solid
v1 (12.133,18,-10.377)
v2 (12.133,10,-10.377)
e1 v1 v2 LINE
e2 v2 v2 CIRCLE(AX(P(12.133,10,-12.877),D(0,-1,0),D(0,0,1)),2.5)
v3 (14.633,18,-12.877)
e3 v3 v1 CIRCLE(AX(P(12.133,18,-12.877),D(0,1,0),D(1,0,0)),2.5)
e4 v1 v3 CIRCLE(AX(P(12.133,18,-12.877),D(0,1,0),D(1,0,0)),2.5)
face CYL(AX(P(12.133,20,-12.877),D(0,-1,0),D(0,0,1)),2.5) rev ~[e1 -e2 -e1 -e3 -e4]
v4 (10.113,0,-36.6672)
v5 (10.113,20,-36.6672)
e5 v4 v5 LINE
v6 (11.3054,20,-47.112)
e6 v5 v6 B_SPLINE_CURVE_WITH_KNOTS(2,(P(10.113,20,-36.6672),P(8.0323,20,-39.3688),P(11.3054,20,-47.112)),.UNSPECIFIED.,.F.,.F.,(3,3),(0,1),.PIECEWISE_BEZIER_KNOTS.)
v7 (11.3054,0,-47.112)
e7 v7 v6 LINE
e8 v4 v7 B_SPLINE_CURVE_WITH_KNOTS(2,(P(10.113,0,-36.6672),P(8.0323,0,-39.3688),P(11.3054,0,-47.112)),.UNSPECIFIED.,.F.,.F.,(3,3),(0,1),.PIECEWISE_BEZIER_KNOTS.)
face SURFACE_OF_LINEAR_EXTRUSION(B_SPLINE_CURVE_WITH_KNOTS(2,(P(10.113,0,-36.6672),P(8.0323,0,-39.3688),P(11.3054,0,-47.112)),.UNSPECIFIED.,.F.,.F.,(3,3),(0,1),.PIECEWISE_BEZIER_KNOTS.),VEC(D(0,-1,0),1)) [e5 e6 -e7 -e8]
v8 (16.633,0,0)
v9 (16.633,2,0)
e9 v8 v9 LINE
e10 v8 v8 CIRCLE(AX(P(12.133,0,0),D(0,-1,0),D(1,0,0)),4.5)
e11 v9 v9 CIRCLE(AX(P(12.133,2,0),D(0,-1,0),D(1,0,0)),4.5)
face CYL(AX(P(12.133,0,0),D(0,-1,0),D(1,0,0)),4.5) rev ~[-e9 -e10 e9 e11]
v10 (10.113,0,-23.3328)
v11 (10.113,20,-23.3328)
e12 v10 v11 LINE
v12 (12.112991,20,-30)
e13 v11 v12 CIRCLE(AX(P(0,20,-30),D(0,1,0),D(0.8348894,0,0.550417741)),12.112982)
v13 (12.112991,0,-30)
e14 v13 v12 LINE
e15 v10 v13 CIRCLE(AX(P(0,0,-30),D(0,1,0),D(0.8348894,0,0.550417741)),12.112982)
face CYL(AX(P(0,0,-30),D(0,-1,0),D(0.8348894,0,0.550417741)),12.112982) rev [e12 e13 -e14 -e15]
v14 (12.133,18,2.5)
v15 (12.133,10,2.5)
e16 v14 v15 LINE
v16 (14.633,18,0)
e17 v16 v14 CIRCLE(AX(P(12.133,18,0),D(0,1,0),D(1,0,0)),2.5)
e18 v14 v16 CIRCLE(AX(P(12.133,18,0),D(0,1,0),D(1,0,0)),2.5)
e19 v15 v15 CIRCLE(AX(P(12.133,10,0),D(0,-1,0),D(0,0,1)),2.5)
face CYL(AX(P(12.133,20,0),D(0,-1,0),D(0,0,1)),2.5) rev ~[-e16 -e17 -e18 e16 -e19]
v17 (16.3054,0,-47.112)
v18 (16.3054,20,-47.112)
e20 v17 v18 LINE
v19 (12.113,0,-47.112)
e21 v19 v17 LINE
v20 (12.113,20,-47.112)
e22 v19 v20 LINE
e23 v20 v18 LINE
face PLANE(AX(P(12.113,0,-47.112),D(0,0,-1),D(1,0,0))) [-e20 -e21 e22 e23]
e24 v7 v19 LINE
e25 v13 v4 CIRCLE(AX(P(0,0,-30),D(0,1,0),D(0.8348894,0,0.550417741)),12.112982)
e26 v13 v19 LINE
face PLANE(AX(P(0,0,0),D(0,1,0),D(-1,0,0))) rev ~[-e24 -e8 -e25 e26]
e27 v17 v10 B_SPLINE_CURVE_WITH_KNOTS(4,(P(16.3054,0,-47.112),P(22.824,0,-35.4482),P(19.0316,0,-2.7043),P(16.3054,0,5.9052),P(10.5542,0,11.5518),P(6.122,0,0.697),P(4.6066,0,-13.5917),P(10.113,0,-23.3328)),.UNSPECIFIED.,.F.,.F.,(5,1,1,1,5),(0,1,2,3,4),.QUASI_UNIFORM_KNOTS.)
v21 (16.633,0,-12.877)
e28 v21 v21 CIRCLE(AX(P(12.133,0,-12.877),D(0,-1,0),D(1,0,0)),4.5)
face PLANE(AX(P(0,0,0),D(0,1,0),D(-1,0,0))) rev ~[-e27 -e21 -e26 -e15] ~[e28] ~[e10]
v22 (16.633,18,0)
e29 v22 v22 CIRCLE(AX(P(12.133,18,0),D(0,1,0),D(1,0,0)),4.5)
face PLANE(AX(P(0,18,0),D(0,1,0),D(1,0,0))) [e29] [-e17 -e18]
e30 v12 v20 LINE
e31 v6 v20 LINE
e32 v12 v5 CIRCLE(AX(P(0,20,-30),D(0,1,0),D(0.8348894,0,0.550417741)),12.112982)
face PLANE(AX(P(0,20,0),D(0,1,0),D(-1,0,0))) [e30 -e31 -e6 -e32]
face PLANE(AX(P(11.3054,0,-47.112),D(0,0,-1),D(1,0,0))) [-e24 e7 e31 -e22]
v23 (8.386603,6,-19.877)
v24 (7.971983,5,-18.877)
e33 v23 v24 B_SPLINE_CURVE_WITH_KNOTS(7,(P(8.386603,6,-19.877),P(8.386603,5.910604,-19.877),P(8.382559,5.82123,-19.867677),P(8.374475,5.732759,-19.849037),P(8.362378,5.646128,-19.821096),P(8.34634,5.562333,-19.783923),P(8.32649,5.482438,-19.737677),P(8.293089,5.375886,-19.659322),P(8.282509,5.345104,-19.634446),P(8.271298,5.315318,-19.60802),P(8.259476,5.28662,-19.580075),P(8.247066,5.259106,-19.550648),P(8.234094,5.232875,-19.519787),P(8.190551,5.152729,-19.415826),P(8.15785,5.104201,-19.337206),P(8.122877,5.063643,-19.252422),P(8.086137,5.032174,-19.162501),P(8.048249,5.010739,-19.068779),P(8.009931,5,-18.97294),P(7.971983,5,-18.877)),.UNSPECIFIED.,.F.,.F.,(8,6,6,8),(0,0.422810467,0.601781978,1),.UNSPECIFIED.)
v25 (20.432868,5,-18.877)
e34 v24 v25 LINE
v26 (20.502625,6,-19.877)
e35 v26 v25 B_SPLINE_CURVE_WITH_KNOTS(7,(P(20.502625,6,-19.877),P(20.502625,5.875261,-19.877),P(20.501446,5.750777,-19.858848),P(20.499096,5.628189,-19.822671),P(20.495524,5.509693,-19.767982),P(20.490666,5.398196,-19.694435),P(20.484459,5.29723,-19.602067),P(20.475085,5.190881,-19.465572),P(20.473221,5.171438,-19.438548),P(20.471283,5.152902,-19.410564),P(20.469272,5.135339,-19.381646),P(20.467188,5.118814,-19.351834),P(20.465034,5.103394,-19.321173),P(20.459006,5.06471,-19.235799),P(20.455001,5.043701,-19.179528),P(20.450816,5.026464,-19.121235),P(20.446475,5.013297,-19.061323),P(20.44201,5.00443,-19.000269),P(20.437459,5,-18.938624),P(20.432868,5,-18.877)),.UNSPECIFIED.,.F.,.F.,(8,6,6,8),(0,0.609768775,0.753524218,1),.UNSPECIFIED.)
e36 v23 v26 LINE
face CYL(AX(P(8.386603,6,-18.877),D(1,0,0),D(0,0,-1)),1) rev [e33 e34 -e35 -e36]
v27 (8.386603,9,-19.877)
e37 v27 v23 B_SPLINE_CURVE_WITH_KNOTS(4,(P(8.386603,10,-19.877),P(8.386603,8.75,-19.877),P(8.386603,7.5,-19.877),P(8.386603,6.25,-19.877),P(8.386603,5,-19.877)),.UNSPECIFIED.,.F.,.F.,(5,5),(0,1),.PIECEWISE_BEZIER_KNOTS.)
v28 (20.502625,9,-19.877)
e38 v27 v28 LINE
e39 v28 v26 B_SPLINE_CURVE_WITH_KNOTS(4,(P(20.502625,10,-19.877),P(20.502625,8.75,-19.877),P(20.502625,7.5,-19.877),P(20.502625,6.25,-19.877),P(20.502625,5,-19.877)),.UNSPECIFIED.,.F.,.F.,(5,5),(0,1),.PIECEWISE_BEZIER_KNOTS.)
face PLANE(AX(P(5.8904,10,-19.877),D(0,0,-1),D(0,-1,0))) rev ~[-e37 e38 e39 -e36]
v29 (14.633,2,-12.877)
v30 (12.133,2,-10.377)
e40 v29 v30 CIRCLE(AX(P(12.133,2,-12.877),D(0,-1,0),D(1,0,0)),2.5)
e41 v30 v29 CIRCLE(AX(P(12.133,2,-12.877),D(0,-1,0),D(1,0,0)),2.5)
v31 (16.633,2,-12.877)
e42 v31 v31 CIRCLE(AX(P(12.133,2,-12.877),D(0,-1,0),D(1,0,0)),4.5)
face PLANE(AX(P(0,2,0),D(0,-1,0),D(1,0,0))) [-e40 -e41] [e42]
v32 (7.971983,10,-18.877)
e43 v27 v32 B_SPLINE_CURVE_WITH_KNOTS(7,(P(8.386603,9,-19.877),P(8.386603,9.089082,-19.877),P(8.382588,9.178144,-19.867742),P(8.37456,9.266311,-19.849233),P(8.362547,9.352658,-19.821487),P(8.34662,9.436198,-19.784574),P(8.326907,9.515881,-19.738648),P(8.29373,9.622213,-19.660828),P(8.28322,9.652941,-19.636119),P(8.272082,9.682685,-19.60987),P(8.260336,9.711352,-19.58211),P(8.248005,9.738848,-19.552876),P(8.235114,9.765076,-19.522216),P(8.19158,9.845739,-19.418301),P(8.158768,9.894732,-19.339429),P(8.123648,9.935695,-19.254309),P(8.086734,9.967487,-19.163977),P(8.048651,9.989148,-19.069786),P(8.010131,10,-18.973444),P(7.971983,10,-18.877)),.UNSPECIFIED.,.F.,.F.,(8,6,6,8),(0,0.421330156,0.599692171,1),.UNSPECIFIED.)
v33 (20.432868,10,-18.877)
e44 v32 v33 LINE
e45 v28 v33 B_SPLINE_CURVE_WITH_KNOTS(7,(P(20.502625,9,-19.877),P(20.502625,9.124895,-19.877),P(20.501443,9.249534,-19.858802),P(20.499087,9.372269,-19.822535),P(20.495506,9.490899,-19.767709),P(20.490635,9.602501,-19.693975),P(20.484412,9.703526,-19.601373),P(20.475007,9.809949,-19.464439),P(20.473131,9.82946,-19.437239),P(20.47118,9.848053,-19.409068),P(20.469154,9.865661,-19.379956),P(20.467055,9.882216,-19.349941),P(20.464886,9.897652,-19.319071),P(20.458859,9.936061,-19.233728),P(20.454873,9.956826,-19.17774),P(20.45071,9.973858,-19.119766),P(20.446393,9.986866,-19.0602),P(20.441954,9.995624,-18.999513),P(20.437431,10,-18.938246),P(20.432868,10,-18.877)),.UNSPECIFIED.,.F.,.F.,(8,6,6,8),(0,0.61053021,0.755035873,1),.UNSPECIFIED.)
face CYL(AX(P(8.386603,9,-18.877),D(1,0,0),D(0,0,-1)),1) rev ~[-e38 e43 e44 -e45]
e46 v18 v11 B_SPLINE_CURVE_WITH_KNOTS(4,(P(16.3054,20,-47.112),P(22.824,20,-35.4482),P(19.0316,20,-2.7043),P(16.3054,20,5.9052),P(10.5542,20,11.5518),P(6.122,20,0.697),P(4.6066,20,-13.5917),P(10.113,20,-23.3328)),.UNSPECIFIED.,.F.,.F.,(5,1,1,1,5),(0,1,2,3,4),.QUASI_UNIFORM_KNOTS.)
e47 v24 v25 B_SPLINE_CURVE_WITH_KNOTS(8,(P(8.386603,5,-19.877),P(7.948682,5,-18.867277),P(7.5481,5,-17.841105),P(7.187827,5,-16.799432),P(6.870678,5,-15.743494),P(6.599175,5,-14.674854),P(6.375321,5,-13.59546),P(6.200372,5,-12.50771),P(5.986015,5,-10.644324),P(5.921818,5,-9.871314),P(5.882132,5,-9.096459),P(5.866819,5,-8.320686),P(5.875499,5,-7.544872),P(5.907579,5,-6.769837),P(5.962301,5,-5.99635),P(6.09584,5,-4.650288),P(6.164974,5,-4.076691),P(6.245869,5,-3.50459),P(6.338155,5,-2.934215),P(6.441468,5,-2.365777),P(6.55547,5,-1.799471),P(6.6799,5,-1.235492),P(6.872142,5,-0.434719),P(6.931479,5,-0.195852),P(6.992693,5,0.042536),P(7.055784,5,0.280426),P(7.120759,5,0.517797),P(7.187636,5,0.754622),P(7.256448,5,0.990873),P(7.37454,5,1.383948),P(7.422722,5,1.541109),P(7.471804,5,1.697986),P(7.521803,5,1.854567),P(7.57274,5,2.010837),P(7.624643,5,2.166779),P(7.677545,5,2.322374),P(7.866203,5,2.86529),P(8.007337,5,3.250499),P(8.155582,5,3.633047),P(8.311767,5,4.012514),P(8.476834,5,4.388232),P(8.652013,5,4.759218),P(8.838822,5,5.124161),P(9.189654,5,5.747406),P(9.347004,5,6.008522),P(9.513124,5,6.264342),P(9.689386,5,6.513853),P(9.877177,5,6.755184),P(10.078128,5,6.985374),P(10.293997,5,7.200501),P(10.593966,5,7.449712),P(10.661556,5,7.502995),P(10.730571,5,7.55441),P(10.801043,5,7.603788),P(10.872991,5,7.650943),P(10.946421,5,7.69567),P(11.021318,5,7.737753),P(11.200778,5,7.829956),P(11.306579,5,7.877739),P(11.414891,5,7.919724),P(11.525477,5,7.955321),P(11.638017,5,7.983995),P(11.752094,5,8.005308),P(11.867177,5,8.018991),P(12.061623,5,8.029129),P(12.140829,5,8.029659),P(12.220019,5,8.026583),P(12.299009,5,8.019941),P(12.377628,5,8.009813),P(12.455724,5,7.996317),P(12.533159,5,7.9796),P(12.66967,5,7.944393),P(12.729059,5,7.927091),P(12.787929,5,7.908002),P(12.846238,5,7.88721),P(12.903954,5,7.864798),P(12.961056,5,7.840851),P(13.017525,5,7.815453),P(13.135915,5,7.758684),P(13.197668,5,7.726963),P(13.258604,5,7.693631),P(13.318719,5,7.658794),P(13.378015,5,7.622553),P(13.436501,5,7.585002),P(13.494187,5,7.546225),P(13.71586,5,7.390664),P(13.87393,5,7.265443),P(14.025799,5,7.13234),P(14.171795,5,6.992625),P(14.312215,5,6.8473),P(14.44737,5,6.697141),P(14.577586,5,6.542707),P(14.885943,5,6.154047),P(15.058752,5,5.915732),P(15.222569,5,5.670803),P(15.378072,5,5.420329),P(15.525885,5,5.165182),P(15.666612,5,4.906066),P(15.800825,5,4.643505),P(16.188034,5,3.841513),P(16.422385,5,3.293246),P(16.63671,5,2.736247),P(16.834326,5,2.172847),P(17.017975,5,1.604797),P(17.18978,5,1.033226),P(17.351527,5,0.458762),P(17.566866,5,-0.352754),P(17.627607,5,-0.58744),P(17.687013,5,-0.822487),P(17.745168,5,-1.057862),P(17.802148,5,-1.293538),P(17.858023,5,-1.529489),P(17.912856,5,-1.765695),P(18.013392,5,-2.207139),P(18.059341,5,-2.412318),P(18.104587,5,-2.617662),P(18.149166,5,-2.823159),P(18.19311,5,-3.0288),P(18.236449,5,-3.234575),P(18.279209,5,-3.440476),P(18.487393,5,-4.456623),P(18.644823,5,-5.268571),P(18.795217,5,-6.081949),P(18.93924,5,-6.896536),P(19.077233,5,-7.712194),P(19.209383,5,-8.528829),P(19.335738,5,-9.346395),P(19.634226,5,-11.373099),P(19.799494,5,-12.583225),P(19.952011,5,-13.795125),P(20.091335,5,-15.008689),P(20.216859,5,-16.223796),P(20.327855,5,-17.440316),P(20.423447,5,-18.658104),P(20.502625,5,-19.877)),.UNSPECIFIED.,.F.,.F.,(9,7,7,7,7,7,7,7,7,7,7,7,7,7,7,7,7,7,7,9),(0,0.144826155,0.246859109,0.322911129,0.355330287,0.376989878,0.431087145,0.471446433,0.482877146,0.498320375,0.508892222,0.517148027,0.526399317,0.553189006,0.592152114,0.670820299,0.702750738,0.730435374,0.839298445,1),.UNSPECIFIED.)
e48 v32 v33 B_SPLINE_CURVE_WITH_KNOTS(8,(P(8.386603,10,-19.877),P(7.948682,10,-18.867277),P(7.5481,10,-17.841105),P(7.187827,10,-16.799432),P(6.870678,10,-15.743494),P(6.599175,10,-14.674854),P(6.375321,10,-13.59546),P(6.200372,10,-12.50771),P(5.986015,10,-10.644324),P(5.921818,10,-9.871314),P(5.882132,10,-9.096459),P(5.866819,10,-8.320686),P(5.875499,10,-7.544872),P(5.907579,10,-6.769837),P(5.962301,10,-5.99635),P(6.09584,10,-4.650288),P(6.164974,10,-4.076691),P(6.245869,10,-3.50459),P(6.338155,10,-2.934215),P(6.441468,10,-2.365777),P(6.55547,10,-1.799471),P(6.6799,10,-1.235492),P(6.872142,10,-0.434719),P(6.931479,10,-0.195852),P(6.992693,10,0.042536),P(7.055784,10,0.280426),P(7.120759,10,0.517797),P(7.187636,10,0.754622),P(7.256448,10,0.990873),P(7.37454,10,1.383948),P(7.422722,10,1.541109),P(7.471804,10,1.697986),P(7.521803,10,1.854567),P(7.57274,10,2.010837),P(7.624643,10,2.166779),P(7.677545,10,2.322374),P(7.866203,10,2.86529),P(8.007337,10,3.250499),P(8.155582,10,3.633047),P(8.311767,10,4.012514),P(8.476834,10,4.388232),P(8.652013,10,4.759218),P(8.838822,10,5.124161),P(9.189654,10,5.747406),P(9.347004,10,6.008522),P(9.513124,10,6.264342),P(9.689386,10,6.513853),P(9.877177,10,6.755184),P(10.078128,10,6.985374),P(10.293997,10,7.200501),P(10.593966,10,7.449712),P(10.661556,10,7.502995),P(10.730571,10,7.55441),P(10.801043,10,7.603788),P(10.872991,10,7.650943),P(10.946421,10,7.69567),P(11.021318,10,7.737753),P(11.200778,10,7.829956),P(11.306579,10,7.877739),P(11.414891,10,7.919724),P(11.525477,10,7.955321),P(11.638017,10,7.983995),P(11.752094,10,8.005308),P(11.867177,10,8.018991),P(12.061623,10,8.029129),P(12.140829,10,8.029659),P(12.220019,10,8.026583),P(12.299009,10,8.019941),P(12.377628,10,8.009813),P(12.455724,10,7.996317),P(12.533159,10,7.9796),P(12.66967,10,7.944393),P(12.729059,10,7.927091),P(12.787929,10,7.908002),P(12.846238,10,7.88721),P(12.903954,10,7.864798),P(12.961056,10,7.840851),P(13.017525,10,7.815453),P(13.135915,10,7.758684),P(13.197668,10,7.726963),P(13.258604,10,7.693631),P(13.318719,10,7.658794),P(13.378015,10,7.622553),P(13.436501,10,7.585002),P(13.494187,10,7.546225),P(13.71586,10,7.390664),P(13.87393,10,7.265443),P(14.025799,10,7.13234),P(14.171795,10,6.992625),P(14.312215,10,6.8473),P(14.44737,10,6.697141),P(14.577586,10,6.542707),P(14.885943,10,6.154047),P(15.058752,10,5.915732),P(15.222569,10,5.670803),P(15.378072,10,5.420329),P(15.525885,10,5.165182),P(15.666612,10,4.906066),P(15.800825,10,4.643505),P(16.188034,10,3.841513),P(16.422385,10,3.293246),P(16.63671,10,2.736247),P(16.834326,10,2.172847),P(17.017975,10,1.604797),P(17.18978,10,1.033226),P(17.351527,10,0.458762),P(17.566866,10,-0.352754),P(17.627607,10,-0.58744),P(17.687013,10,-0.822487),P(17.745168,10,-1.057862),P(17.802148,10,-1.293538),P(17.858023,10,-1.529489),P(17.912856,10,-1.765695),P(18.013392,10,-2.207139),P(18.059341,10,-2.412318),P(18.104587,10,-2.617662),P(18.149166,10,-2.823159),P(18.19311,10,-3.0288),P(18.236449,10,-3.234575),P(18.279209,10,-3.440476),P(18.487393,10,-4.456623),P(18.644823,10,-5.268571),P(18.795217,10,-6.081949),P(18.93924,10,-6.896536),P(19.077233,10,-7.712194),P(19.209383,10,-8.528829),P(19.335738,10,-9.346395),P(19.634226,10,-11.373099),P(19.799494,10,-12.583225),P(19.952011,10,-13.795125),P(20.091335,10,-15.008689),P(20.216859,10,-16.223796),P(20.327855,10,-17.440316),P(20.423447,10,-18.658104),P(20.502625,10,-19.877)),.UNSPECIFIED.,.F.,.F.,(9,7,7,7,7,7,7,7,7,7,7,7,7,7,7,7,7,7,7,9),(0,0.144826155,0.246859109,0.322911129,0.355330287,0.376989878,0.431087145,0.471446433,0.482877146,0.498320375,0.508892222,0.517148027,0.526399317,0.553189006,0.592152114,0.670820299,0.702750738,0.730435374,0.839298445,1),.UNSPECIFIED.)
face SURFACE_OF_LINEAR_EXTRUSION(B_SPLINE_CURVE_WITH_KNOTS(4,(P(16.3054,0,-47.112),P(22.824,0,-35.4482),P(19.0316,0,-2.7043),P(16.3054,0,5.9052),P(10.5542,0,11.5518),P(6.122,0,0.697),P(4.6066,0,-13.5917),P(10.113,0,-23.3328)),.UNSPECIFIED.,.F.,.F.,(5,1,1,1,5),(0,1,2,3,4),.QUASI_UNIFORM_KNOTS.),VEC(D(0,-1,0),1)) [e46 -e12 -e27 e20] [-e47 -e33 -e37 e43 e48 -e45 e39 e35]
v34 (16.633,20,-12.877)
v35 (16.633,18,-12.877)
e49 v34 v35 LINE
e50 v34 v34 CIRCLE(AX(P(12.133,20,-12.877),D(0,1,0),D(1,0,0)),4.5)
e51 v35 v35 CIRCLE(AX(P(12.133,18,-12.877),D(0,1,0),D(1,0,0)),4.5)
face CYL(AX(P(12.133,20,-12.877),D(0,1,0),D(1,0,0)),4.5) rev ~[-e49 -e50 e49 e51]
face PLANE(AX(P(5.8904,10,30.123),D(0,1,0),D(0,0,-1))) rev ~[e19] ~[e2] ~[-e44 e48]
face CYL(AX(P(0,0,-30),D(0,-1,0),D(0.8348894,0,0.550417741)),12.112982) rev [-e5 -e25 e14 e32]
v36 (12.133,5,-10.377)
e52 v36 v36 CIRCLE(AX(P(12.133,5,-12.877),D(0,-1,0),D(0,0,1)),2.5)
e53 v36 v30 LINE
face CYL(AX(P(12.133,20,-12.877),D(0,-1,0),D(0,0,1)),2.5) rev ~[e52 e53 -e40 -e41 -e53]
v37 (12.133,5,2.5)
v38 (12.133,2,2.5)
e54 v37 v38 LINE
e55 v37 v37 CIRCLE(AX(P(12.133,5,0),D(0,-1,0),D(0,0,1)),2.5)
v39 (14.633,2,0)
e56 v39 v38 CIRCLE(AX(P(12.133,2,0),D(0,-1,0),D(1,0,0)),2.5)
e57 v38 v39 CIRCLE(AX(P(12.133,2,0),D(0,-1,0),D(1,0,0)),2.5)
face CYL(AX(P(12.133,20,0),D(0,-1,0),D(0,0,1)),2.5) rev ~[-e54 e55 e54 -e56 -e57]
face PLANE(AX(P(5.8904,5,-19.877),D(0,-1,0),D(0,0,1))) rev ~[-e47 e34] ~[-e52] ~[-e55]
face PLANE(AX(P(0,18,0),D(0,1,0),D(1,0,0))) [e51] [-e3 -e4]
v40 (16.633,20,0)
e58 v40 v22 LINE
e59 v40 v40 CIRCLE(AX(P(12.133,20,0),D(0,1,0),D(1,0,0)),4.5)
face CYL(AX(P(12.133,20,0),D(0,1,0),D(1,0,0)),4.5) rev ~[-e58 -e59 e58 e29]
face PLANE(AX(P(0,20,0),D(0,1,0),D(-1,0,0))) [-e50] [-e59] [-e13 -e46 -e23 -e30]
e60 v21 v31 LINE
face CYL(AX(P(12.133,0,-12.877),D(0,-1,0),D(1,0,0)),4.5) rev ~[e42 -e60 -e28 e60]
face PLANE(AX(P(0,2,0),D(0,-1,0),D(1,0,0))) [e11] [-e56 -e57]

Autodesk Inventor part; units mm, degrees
ref_plane "XZ Plane" through (0, 0, 0) normal (0, 1, 0) x (-1, 0, 0)
ref_plane "XY Plane" through (0, 0, 0) normal (0, 0, 1) x (1, 0, 0)
sketch "Sketch1" plane through (0, 0, 0) normal (0, 1, 0) x (-1, 0, 0)
  line L0 (-12.113, 0) -> (-12.113, -47.112)
  arc A0 (-10.113, -23.3328) -> (-10.113, -36.6672) centre (0, -30) ccw
  spline S0 degree 2 poles (-10.113, -36.6672) (-8.0323, -39.3688) (-11.3054, -47.112) knots 0 0 0 1 1 1
  line L1 (-11.3054, -47.112) -> (-16.3054, -47.112)
  line L2 (-16.3054, -47.112) -> (-22.824, -35.4482) construction
  line L3 (-22.824, -35.4482) -> (-19.0316, -2.7043) construction
  line L4 (-19.0316, -2.7043) -> (-16.3054, 5.9052) construction
  line L5 (-16.3054, 5.9052) -> (-10.5542, 11.5518) construction
  line L6 (-10.5542, 11.5518) -> (-6.122, 0.697) construction
  line L7 (-6.122, 0.697) -> (-4.6066, -13.5917) construction
  line L8 (-4.6066, -13.5917) -> (-10.113, -23.3328) construction
  spline S1 degree 4 poles (-16.3054, -47.112) (-22.824, -35.4482) (-19.0316, -2.7043) (-16.3054, 5.9052) (-10.5542, 11.5518) (-6.122, 0.697) (-4.6066, -13.5917) (-10.113, -23.3328) knots 0 0 0 0 0 1 2 3 4 4 4 4 4
  point P0 (0, 0)
  point P1 (-12.113, -30)
  point P2 (-12.113, -12.887)
  point P3 (-9.3056, -39.3909)
  dimension "d0" = 47.112
  dimension "d1" = 0
  dimension "d2" = 12.113
  dimension "d3" = 30
  dimension "d4" = 12.887
  dimension "d5" = 12.113
  dimension "d6" = 2
  dimension "d7" = 2
  dimension "d8" = 5
extrude "Extrusion1" add sketch "Sketch1" along normal blind 20
sketch "Sketch2" plane through (0, 20, 0) normal (0, 1, 0) x (1, 0, 0)
  point P0 (0, 0)
  point P1 (12.133, 0)
  point P2 (12.133, 12.877)
  dimension "d11" = 12.133
  dimension "d12" = 0
  dimension "d13" = 12.877
hole "Hole1" at (12.133, 20, 0) at (12.133, 20, -12.877) direction (0, -1, 0) diameter 5 end through all
ref_plane "Work Plane1" through (5.8904, 10, -8.1838) normal (-1, 0, 0) x (0, -1, 0)
sketch "Sketch3" plane through (5.8904, 10, -8.1838) normal (-1, 0, 0) x (0, -1, 0)
  line L0 (0, -11.6932) -> (5, -11.6932)
  line L1 (5, -11.6932) -> (5, 38.3068)
  line L2 (5, 38.3068) -> (0, 38.3068)
  line L3 (0, 38.3068) -> (0, -11.6932)
  line L4 (10, 10.6838) -> (10, 5.6838) projected
  line L5 (-10, 5.6838) -> (-10, 10.6838) projected
  line L6 (10, -2.1932) -> (10, -7.1932) projected
  line L7 (-10, -7.1932) -> (-10, -2.1932) projected
  point P0 (10, 8.1838)
  dimension "d22" = 5
  dimension "d23" = 20
  dimension "d24" = 10
  dimension "d25" = 50
  dimension "d29" = 5
  dimension "d30" = 4.5
extrude "Extrusion2" cut sketch "Sketch3" against normal through all
fillet "Fillet1" radius 1 2 edges at (14.4446, 10, -19.877) (14.4446, 5, -19.877)
sketch "Sketch4" plane through (0, 20, 0) normal (0, 1, 0) x (1, 0, 0)
  circle A0 centre (12.133, 12.877) radius 2.5 projected
  circle A1 centre (12.133, 0) radius 2.5 projected
  circle A2 centre (12.133, 12.877) radius 4.5
  circle A3 centre (12.133, 0) radius 4.5
  point P0 (0, 0)
  dimension "d31" = 2
  dimension "d32" = 2
extrude "Extrusion3" cut sketch "Sketch4" against normal blind 2
sketch "Sketch5" plane through (0, 0, 0) normal (0, -1, 0) x (1, 0, 0)
  circle A0 centre (12.133, -12.877) radius 2.5 projected
  circle A1 centre (12.133, 0) radius 2.5 projected
  circle A2 centre (12.133, -12.877) radius 4.5
  circle A3 centre (12.133, 0) radius 4.5
  point P0 (0, 0)
  dimension "d35" = 2
  dimension "d36" = 2
extrude "Extrusion4" cut sketch "Sketch5" against normal blind 2
equation "\"d5\" = d2"
equation "\"d7\" = d6"
properties part number "holder3_l2" material "Steel, Galvanized"
